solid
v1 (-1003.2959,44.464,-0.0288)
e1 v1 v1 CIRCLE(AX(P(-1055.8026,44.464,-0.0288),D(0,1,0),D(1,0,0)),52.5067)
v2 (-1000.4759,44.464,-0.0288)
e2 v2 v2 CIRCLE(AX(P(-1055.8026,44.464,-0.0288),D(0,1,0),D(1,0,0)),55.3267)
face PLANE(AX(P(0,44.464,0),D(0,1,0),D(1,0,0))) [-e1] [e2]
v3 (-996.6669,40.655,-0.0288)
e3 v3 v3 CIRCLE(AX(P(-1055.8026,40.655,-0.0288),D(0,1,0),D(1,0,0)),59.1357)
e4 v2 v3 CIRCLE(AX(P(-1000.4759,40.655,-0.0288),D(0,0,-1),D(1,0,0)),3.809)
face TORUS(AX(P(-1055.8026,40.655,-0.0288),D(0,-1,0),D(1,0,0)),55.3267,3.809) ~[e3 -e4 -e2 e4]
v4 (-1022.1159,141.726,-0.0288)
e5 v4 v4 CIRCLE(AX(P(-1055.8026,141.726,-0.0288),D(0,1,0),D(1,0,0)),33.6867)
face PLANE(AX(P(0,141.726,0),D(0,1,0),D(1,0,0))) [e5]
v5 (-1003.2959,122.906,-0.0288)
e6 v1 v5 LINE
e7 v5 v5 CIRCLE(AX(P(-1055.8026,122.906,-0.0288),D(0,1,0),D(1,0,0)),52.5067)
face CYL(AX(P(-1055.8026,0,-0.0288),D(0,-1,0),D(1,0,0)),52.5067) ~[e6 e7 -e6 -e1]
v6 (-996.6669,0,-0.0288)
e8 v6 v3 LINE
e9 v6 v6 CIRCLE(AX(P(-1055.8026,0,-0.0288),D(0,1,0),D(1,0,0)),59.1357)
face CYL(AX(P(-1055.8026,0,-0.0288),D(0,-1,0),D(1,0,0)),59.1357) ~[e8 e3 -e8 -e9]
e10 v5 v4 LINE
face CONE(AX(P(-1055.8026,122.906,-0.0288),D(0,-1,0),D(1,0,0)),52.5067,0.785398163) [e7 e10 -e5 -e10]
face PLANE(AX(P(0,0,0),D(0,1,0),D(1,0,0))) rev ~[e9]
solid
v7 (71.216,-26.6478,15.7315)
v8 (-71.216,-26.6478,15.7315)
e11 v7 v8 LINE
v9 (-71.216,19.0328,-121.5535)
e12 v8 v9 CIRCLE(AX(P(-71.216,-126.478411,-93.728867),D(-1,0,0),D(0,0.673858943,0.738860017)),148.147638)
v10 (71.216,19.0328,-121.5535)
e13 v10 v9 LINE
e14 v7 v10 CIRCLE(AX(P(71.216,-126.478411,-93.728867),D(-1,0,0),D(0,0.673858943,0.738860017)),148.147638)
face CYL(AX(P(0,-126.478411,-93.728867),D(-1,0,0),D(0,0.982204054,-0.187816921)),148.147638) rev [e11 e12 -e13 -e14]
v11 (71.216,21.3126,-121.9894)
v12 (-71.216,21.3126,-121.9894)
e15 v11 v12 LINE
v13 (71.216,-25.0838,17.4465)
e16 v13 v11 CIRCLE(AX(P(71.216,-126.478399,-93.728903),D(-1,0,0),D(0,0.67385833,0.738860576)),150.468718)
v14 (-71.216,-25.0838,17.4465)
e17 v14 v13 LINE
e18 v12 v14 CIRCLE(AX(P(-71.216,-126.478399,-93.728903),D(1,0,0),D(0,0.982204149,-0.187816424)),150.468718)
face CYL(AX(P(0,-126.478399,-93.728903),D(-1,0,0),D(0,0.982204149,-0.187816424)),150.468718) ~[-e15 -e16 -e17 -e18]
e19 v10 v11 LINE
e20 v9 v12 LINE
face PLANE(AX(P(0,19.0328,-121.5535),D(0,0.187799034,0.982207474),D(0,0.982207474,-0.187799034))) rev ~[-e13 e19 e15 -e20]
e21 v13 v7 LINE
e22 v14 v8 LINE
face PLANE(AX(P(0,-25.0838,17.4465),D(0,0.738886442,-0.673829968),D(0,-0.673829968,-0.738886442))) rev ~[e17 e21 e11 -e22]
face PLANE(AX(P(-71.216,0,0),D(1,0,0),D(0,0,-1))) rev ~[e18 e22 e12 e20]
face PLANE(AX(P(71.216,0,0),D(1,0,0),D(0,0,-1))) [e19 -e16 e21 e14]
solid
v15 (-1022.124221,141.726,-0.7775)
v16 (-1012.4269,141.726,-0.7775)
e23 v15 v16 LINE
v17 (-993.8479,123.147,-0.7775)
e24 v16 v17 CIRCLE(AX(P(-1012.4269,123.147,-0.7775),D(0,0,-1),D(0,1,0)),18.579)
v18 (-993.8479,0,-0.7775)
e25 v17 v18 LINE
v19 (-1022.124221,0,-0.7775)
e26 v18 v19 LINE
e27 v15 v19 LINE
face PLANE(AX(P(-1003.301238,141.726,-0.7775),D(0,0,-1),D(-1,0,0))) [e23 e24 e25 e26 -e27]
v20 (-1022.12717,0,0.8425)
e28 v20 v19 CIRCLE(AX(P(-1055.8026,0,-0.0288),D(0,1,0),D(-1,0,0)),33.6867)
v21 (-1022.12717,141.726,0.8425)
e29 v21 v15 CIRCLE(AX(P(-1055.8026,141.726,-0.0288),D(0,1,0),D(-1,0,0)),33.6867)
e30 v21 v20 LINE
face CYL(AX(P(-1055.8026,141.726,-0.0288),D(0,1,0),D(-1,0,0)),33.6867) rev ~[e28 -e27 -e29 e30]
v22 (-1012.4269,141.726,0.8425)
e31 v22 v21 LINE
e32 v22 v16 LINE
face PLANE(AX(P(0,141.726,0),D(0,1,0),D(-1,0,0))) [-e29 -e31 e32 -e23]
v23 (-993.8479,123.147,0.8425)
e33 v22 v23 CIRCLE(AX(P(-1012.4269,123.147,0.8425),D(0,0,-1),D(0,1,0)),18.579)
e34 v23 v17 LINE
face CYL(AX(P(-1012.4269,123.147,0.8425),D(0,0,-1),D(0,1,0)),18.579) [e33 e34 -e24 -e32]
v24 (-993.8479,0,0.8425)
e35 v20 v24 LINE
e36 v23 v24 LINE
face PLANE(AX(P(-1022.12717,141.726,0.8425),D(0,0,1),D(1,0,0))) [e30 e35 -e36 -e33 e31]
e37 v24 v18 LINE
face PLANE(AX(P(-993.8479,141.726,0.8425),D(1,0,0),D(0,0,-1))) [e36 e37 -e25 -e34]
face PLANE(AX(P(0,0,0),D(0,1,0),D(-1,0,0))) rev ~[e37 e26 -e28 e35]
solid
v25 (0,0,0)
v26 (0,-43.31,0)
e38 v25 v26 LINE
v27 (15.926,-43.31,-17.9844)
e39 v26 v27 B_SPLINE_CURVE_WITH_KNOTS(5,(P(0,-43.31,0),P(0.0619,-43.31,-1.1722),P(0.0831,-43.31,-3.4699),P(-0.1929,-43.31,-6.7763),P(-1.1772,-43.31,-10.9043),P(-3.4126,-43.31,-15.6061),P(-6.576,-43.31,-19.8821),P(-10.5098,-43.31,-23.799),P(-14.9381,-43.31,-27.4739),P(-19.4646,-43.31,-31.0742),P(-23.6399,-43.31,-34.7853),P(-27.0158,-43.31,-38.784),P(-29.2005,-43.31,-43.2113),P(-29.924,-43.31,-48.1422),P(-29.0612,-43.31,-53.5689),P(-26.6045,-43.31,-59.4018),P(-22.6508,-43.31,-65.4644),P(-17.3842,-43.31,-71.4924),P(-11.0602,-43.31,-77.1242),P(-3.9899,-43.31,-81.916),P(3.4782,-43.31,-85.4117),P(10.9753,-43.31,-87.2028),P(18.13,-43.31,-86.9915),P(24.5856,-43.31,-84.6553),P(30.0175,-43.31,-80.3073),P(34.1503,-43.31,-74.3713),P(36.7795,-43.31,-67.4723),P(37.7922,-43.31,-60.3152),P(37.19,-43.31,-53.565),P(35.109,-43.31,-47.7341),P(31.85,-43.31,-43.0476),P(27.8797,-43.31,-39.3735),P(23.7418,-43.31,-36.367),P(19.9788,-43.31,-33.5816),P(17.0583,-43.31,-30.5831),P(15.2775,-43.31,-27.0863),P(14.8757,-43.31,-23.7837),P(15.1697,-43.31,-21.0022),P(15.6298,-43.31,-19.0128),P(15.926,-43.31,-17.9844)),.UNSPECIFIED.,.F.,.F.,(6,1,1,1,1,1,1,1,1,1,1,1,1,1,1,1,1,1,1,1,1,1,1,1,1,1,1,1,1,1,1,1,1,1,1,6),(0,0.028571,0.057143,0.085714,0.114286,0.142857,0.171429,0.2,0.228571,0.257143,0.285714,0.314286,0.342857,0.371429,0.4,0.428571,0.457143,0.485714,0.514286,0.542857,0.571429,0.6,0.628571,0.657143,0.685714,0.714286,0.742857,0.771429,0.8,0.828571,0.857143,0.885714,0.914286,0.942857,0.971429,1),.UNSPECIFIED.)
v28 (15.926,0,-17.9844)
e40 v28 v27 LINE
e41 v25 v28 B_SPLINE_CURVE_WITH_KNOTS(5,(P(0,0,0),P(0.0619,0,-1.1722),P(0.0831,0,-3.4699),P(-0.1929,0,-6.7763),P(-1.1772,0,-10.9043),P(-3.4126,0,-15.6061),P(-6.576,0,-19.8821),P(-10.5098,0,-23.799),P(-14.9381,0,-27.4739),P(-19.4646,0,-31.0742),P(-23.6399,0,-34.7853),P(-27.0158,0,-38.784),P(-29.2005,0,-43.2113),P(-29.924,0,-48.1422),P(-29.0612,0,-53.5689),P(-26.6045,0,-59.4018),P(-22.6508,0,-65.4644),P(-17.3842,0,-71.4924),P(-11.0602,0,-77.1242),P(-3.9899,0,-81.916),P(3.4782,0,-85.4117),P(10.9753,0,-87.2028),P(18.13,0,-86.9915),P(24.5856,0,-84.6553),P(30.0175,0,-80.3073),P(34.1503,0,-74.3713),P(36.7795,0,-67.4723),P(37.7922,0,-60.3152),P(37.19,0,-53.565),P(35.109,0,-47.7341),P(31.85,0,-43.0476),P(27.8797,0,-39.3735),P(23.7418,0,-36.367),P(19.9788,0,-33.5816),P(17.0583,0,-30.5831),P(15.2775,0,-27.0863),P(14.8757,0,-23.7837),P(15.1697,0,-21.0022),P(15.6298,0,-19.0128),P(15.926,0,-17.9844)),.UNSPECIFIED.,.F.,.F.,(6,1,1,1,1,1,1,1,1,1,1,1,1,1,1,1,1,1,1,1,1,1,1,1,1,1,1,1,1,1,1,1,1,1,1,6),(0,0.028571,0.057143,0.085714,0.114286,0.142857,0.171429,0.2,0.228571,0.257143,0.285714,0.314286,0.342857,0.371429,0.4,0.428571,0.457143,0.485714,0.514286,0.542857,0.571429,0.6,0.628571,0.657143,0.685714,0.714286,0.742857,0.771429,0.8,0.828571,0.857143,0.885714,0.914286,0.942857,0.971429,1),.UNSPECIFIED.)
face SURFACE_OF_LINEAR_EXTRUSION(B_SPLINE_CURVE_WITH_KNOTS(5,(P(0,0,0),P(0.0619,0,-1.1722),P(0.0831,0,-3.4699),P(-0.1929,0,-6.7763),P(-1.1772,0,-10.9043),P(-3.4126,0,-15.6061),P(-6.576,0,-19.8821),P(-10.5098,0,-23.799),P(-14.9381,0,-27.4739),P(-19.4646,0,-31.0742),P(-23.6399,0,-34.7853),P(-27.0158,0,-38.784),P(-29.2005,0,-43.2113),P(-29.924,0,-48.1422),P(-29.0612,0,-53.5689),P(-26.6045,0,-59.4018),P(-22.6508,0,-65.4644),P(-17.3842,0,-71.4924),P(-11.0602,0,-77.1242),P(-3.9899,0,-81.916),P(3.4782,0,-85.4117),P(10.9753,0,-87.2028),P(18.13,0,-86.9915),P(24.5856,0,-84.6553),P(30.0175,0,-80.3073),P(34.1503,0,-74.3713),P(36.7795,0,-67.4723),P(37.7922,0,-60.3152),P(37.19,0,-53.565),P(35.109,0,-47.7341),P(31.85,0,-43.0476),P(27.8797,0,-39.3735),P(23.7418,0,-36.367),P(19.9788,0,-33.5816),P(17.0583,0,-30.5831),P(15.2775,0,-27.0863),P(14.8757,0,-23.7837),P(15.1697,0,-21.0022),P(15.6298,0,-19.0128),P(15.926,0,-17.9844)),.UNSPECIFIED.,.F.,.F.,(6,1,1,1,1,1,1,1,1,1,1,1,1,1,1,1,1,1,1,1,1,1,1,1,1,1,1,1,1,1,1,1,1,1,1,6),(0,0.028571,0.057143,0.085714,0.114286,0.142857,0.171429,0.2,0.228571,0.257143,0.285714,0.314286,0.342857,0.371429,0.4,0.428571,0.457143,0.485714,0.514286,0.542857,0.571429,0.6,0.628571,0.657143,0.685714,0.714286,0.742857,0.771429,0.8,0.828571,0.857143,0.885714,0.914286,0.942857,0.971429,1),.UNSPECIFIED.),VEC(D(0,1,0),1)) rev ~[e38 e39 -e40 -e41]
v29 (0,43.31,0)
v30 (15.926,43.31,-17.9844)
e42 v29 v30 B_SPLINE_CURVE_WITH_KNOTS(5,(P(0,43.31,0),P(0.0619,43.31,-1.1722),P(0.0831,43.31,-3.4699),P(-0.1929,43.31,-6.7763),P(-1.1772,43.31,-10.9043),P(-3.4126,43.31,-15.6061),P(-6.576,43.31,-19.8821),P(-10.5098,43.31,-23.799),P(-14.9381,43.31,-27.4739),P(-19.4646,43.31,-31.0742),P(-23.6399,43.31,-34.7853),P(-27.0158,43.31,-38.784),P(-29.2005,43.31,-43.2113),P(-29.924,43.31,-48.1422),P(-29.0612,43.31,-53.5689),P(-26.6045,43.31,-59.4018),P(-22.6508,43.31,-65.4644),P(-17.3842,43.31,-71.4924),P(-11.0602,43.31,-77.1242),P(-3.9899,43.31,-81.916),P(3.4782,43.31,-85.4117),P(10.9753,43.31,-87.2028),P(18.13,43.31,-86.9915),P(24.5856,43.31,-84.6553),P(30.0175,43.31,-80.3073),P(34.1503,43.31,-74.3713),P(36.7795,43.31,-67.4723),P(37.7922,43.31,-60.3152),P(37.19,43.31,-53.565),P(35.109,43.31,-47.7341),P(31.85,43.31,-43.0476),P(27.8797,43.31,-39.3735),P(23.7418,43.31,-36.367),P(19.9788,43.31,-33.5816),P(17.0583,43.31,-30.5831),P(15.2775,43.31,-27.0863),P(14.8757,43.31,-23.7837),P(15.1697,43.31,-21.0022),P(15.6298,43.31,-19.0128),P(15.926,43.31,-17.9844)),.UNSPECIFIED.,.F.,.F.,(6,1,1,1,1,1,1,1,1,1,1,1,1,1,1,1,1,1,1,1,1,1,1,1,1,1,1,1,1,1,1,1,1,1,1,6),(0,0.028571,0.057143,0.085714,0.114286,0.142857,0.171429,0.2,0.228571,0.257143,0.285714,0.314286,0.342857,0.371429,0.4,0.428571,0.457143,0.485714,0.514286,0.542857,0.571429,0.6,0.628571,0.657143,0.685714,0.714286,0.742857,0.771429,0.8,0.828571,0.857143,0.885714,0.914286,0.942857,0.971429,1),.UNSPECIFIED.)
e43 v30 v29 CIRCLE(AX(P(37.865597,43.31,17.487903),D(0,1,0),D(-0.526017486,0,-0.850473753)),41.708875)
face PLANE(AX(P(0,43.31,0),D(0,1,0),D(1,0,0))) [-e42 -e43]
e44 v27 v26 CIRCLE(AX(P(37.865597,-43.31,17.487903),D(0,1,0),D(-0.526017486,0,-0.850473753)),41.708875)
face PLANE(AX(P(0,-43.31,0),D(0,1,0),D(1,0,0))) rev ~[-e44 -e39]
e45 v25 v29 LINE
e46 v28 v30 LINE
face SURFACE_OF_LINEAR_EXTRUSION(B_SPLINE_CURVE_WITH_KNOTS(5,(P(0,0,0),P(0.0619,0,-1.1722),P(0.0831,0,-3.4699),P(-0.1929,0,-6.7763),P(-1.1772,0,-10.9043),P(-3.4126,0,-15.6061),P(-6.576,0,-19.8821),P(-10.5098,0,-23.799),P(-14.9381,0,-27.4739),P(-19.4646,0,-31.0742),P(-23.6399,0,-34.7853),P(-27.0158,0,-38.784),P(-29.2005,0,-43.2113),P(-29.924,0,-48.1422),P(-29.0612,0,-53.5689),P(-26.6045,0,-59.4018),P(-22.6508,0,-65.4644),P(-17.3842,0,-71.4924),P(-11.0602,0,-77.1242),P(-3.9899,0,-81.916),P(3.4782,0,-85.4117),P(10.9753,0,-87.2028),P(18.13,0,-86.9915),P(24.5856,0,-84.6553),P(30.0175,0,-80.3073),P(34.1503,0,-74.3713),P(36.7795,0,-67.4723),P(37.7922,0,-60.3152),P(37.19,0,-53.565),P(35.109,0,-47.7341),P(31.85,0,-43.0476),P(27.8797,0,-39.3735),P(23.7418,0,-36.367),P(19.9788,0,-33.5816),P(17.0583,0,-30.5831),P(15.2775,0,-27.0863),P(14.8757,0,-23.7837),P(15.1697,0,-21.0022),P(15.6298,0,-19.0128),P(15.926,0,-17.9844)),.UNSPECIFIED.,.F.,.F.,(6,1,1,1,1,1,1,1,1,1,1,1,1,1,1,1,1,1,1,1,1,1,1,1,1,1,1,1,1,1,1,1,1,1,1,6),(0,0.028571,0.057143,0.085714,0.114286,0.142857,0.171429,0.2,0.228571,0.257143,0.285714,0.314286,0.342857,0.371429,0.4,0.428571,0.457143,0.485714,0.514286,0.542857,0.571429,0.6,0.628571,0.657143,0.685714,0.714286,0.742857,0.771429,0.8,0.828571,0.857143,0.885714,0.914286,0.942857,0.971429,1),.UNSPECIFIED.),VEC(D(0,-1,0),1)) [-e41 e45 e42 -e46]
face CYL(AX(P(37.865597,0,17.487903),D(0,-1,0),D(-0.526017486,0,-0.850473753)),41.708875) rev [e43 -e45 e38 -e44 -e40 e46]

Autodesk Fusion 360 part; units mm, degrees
sketch "Sketch1" plane through (0, 0, 0) normal (0, 1, 0) x (1, 0, 0)
  spline S0 degree 5 poles (0, 0) (0.0619, 1.1722) (0.0831, 3.4699) (-0.1929, 6.7763) (-1.1772, 10.9043) (-3.4126, 15.6061) (-6.576, 19.8821) (-10.5098, 23.799) (-14.9381, 27.4739) (-19.4646, 31.0742) (-23.6399, 34.7853) (-27.0158, 38.784) (-29.2005, 43.2113) (-29.924, 48.1422) (-29.0612, 53.5689) (-26.6045, 59.4018) (-22.6508, 65.4644) (-17.3842, 71.4924) (-11.0602, 77.1242) (-3.9899, 81.916) (3.4782, 85.4117) (10.9753, 87.2028) (18.13, 86.9915) (24.5856, 84.6553) (30.0175, 80.3073) (34.1503, 74.3713) (36.7795, 67.4723) (37.7922, 60.3152) (37.19, 53.565) (35.109, 47.7341) (31.85, 43.0476) (27.8797, 39.3735) (23.7418, 36.367) (19.9788, 33.5816) (17.0583, 30.5831) (15.2775, 27.0863) (14.8757, 23.7837) (15.1697, 21.0022) (15.6298, 19.0128) (15.926, 17.9844) knots 0 0 0 0 0 0 0.028571 0.057143 0.085714 0.114286 0.142857 0.171429 0.2 0.228571 0.257143 0.285714 0.314286 0.342857 0.371429 0.4 0.428571 0.457143 0.485714 0.514286 0.542857 0.571429 0.6 0.628571 0.657143 0.685714 0.714286 0.742857 0.771429 0.8 0.828571 0.857143 0.885714 0.914286 0.942857 0.971429 1 1 1 1 1 1
  arc A0 (15.926, 17.9844) -> (0, 0) centre (37.8656, -17.4879) ccw
  point P0 (-9.2465, 22.4266)
  point P1 (-28.0025, 41.1826)
  point P2 (-18.8713, 69.5633)
  point P3 (24.8104, 83.8771)
  point P4 (35.4223, 49.3266)
  point P5 (19.1342, 32.545)
sketch "Sketch2" plane through (0, 0, 0) normal (1, 0, 0) x (0, 0, -1)
  line L0 (0, 0) -> (86.853, 0)
  arc A0 (121.9894, 21.3126) -> (-17.4465, -25.0838) centre (93.7289, -126.4784) ccw
  arc A1 (121.5535, 19.0328) -> (-15.7315, -26.6478) centre (93.7289, -126.4784) ccw
  line L1 (-17.4465, -25.0838) -> (-15.7315, -26.6478)
  line L2 (121.5535, 19.0328) -> (121.9894, 21.3126)
  dimension "d1" = -2.3211
extrude "Extrude1" add sketch "Sketch1" along normal mid plane 86.62 makes body 1
extrude "Extrude2" add sketch "Sketch2" along normal mid plane 142.432 separate body makes body 2
sketch "Sketch3" plane through (0, 0, 0) normal (0, 1, 0) x (1, 0, 0)
  circle A0 centre (-1055.8026, 0.0288) radius 52.5067
  circle A1 centre (-1055.8026, 0.0288) radius 59.1357
extrude "Extrude3" add sketch "Sketch3" along normal blind 141.726 separate body contours A0 makes body 3
extrude "Extrude4" add sketch "Sketch3" along normal blind 44.464 bodies 3
fillet "Fillet1" radius 3.809 1 edges at (-1110.9365, 44.464, 21.3556) on bodies 3
chamfer "Chamfer1" distance 18.82 angle 45 1 edges at (-1104.7561, 141.726, 18.9585) on bodies 3
sketch "Sketch4" plane through (0, 141.726, 0) normal (0, 1, 0) x (-1, 0, 0)
  circle A0 centre (1055.8026, -0.0288) radius 33.6867
  line L0 (1024.6879, 0.8425) -> (993.8479, 0.8425)
  line L1 (993.8479, 0.8425) -> (993.8479, -0.7775)
  line L2 (993.8479, -0.7775) -> (1024.6879, -0.7775)
  line L3 (1024.6879, -0.7775) -> (1024.6879, 0.8425)
  circle A1 centre (1055.8026, -0.0288) radius 52.5067
extrude "Extrude5" add sketch "Sketch4" against normal up to surface (141.726 mm away) separate body contours A0 L0 L2 A1 | L0 L1 L2 A1 picked at (1015.8474, -0.5975) makes body 4
fillet "Fillet2" radius 18.579 1 edges at (-993.8479, 141.726, 0.0325) on bodies 4
